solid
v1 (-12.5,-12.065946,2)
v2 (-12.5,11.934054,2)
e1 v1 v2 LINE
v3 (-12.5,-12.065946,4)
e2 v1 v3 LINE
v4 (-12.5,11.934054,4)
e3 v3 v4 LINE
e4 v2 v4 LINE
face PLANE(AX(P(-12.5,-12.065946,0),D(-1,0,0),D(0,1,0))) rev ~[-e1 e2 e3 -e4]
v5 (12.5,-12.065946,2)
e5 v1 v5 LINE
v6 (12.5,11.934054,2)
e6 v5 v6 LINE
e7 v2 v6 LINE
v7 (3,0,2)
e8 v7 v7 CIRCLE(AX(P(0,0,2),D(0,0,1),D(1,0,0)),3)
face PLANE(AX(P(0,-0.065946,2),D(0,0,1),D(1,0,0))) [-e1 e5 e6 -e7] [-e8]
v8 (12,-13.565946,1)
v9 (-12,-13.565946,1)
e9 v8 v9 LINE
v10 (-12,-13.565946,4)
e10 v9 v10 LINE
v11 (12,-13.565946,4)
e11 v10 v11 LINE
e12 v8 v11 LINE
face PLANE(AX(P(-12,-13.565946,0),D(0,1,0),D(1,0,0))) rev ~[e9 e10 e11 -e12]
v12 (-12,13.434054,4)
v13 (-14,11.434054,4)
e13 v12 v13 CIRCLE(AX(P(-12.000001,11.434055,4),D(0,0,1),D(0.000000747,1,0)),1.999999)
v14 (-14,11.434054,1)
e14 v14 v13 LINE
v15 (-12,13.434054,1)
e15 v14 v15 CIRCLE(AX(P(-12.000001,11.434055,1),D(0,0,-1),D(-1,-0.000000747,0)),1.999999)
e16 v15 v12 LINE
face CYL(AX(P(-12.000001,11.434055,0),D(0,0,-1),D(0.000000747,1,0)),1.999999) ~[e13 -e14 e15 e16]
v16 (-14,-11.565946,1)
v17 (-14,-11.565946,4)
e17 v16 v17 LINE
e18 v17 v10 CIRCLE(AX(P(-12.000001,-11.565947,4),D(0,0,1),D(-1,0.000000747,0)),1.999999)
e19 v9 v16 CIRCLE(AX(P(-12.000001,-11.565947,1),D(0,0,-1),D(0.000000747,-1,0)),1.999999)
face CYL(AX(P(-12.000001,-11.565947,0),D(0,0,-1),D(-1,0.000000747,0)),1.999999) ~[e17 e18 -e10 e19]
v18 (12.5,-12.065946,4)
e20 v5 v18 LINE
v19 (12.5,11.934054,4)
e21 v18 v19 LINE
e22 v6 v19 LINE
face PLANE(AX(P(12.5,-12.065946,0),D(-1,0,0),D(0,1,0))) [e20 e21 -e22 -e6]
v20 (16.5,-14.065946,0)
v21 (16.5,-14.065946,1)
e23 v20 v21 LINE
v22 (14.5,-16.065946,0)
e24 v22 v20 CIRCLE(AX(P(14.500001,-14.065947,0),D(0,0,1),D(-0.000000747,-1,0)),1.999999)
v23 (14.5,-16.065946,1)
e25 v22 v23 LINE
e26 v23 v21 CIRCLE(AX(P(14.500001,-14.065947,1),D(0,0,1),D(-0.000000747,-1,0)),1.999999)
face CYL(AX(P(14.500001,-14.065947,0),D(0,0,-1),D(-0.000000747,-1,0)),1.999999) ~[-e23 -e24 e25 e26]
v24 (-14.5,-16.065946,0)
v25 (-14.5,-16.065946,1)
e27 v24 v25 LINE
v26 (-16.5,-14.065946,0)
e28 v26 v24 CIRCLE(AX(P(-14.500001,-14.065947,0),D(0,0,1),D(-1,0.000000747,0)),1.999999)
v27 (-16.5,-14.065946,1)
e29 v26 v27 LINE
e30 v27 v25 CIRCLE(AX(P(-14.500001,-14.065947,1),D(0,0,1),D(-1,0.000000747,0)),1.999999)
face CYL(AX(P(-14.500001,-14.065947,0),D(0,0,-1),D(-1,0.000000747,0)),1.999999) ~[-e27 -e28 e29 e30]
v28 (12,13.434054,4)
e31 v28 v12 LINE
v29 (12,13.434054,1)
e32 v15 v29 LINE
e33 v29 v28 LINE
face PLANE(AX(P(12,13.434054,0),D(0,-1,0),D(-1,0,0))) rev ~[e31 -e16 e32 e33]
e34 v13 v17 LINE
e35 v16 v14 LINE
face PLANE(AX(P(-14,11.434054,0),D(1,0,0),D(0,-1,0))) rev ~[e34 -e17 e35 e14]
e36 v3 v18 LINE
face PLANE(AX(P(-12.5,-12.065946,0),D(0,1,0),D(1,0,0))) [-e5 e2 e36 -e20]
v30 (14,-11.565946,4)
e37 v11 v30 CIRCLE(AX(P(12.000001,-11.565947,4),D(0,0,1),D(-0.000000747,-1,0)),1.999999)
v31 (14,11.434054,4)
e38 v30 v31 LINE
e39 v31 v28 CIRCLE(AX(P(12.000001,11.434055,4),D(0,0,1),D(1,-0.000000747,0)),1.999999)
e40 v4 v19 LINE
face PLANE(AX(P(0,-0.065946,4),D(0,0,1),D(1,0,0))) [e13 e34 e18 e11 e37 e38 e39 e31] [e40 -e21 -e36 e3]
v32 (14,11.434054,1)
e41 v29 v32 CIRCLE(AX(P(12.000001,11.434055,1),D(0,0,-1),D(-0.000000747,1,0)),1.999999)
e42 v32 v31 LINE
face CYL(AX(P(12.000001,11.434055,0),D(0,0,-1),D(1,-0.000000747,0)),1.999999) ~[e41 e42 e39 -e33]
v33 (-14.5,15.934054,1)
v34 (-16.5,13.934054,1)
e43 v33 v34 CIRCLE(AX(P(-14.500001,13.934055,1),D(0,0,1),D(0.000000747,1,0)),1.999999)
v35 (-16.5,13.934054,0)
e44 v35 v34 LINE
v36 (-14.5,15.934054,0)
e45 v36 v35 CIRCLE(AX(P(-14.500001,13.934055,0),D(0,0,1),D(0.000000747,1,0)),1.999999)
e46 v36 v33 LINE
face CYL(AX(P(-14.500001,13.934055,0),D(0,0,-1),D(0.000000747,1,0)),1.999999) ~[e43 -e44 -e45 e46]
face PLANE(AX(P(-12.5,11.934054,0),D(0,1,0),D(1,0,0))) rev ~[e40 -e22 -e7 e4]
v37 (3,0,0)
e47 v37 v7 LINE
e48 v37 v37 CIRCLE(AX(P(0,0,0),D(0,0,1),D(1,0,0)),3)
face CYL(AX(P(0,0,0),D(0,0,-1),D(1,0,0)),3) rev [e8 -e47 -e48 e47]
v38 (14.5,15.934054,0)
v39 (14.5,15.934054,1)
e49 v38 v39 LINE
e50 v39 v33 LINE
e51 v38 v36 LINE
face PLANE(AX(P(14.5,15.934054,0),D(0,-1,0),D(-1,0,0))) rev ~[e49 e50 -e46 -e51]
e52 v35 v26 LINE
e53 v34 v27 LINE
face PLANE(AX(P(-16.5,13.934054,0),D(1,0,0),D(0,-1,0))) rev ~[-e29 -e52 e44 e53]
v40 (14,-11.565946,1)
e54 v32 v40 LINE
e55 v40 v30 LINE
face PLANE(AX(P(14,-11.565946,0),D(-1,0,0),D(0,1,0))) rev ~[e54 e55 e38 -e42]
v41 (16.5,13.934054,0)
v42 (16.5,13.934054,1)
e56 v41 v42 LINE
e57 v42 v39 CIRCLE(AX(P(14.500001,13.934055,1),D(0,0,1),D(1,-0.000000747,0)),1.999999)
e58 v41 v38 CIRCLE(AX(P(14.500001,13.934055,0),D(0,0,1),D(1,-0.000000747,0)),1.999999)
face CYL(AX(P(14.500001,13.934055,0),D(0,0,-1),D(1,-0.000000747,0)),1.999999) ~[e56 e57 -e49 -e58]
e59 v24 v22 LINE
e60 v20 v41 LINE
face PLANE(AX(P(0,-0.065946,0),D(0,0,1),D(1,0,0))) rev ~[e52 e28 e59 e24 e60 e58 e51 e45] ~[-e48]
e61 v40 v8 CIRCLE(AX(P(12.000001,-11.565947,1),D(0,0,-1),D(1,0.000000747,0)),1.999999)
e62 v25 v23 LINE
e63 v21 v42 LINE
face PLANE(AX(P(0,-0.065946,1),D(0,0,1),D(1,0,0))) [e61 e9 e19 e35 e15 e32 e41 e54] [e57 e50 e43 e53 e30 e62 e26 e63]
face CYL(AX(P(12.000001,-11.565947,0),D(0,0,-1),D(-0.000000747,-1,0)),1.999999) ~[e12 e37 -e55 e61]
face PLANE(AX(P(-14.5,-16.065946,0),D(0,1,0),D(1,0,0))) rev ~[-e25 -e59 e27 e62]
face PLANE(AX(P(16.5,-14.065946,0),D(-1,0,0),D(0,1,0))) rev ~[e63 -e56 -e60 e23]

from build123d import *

# Parameters (mm, degrees)
F0_W     = 25
F0_H     = 24
F0_R     = 3
F1_DEPTH = 2
F2_DEPTH = 4
F3_DEPTH = 1


with BuildPart() as f1:
    # F0 (on Top) → F1 (new body)
    with BuildSketch(Plane.XY):
        with Locations((0, -0.065946)):
            Rectangle(F0_W, F0_H)
        Circle(F0_R, mode=Mode.SUBTRACT)
    extrude(amount=F1_DEPTH)

    # F0 (on Top) → F2 (join)
    with BuildSketch(Plane.XY):
        with BuildLine():
            Line((12, 13.434054), (-12, 13.434054))
            ThreePointArc((-12, 13.434054), (-13.414214, 12.848268), (-14, 11.434054))
            Line((-14, 11.434054), (-14, -11.565946))
            ThreePointArc((-14, -11.565946), (-13.414214, -12.98016), (-12, -13.565946))
            Line((-12, -13.565946), (12, -13.565946))
            ThreePointArc((12, -13.565946), (13.414214, -12.98016), (14, -11.565946))
            Line((14, -11.565946), (14, 11.434054))
            ThreePointArc((14, 11.434054), (13.414214, 12.848268), (12, 13.434054))
        make_face()
        with Locations((0, -0.065946)):
            Rectangle(F0_W, F0_H, mode=Mode.SUBTRACT)
    extrude(amount=F2_DEPTH)

    # F0 (on Top) → F3 (join)
    with BuildSketch(Plane.XY):
        with BuildLine():
            Line((14.5, 15.934054), (-14.5, 15.934054))
            ThreePointArc((-14.5, 15.934054), (-15.914214, 15.348268), (-16.5, 13.934054))
            Line((-16.5, 13.934054), (-16.5, -14.065946))
            ThreePointArc((-16.5, -14.065946), (-15.914214, -15.48016), (-14.5, -16.065946))
            Line((-14.5, -16.065946), (14.5, -16.065946))
            ThreePointArc((14.5, -16.065946), (15.914214, -15.48016), (16.5, -14.065946))
            Line((16.5, -14.065946), (16.5, 13.934054))
            ThreePointArc((16.5, 13.934054), (15.914214, 15.348268), (14.5, 15.934054))
        make_face()
        with BuildLine():
            ThreePointArc((-14, 11.434054), (-13.414214, 12.848268), (-12, 13.434054))
            Line((-12, 13.434054), (12, 13.434054))
            ThreePointArc((12, 13.434054), (13.414214, 12.848268), (14, 11.434054))
            Line((14, 11.434054), (14, -11.565946))
            ThreePointArc((14, -11.565946), (13.414214, -12.98016), (12, -13.565946))
            Line((12, -13.565946), (-12, -13.565946))
            ThreePointArc((-12, -13.565946), (-13.414214, -12.98016), (-14, -11.565946))
            Line((-14, -11.565946), (-14, 11.434054))
        make_face(mode=Mode.SUBTRACT)
    extrude(amount=F3_DEPTH)


solid = f1.part
